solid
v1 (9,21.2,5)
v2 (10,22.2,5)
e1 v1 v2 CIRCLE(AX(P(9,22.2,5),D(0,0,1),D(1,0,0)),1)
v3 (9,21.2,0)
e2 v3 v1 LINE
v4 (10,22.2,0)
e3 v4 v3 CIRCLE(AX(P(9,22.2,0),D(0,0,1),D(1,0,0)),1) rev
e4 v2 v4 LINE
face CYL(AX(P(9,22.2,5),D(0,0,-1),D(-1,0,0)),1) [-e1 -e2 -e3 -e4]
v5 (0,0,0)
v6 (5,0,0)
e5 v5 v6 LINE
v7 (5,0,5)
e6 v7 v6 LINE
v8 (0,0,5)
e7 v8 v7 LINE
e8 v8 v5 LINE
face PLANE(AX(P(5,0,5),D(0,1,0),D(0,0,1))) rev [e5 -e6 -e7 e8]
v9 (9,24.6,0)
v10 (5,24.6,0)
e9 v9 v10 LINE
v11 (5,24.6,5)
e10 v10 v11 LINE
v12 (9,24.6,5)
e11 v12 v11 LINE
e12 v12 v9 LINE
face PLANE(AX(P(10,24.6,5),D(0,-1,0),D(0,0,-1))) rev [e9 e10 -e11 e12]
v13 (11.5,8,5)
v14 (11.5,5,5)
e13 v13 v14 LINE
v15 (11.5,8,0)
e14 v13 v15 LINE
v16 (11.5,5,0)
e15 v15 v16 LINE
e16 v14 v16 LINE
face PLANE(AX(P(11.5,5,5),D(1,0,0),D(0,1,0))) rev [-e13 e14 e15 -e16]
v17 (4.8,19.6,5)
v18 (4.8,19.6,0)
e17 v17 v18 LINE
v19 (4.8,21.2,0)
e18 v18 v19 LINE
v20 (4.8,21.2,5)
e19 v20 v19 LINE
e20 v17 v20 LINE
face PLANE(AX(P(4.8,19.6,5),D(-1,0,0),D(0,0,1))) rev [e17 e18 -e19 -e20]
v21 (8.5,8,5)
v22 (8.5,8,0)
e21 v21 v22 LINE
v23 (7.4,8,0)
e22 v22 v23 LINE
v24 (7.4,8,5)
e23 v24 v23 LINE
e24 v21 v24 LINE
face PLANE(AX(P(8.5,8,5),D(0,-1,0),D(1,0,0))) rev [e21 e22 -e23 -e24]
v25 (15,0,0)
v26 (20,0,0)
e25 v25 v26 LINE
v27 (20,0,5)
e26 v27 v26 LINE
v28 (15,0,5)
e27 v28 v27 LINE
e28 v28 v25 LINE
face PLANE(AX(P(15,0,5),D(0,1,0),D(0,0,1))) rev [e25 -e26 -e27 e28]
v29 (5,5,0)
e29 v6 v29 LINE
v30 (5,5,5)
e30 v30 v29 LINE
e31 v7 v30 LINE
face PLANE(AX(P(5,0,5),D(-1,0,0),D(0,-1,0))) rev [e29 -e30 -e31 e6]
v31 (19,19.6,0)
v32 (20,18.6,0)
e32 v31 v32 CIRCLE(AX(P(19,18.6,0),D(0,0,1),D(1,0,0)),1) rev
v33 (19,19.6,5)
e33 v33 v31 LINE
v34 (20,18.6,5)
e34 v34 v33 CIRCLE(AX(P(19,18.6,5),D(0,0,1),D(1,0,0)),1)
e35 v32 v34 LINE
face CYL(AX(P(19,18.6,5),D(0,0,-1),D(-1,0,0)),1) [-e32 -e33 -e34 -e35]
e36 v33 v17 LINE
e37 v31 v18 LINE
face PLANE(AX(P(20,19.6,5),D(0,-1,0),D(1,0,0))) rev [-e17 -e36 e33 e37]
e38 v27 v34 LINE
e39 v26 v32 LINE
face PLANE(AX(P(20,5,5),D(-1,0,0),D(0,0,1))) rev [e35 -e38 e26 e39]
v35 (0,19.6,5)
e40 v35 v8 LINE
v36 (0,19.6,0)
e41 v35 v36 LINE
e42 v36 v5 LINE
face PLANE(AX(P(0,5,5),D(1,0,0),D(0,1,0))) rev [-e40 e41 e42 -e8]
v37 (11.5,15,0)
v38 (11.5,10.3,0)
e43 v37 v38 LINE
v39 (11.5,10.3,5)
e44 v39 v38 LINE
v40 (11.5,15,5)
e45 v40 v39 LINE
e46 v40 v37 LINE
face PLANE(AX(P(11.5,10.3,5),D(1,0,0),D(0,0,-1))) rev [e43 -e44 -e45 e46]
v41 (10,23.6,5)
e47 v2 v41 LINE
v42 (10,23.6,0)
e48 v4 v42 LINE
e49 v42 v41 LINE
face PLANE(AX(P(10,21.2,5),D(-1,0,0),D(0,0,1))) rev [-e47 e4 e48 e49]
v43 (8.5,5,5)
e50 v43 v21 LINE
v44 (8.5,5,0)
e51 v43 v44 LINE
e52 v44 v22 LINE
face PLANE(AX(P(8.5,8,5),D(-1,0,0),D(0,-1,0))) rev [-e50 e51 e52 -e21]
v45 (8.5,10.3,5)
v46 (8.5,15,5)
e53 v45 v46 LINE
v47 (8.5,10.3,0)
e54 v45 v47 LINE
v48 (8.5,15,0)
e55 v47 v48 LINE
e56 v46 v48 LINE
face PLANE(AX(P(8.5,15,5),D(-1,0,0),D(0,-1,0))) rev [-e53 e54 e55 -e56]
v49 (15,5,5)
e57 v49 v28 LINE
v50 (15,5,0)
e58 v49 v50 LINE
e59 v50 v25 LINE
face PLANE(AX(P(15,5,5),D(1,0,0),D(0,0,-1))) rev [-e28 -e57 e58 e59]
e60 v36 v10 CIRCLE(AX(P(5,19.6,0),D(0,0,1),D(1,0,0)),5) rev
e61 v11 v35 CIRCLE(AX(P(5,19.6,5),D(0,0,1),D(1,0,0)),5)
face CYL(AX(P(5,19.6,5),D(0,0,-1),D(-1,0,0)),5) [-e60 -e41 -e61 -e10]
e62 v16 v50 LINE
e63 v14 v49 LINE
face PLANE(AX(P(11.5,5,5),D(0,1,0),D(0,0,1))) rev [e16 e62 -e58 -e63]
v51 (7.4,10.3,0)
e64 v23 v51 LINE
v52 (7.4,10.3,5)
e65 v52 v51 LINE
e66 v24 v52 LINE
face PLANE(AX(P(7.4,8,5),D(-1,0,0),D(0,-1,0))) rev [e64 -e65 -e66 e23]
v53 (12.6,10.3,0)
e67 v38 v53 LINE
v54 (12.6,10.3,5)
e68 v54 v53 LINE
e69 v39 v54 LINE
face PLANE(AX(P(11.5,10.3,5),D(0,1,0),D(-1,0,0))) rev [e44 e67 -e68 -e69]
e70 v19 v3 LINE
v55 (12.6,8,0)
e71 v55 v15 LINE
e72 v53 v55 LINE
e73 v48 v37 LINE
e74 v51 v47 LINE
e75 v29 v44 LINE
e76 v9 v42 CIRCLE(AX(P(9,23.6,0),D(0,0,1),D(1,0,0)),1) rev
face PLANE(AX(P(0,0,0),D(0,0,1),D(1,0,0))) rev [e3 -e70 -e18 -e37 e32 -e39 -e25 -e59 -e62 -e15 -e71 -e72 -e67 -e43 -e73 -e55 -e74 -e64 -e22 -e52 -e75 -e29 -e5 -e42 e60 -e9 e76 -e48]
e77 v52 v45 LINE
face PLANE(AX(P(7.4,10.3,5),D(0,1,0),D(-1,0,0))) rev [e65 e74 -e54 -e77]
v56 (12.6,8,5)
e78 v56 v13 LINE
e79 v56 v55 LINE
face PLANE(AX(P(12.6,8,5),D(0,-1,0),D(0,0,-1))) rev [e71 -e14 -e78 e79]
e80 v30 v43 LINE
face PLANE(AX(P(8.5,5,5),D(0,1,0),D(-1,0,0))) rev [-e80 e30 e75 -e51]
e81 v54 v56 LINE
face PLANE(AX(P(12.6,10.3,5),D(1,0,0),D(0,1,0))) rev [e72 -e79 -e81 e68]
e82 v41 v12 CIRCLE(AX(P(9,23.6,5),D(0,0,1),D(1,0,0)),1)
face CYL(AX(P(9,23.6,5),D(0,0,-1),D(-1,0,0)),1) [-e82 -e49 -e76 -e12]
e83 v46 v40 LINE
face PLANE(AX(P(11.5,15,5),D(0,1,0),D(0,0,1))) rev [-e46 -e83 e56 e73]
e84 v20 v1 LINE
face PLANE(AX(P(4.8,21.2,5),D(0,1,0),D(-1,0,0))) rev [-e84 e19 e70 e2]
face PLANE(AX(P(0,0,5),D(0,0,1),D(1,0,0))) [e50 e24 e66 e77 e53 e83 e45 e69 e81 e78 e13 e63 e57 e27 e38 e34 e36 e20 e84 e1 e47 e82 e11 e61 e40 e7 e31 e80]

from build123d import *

# Parameters (mm, degrees)
BOSS_EXTRUDE1_DEPTH = 5
FILLET1_R           = 5
FILLET3_R           = 1
FILLET4_R           = 1


with BuildPart() as part:
    # Sketch1 → Boss-Extrude1 (new body)
    with BuildSketch(Plane.XY):
        Polygon((0, 5), (0, 19.982808697), (0, 24.6), (10, 24.6), (10, 21.2), (4.8, 21.2), (4.8, 19.6), (20, 19.6), (20, 5), (20, 0), (15, 0), (15, 5), (11.5, 5), (11.5, 8), (12.6, 8), (12.6, 10.3), (11.5, 10.3), (11.5, 15), (8.5, 15), (8.5, 10.3), (7.4, 10.3), (7.4, 8), (8.5, 8), (8.5, 5), (5, 5), (5, 0), (0, 0), align=None)
    extrude(amount=BOSS_EXTRUDE1_DEPTH)

    # Fillet1
    fillet1_edges = [part.edges().sort_by_distance(p)[0] for p in [
        (0, 24.6, 2.5),
    ]]
    fillet(fillet1_edges, radius=FILLET1_R)

    # Fillet3
    fillet3_edges = [part.edges().sort_by_distance(p)[0] for p in [
        (10, 21.2, 2.5),
        (20, 19.6, 2.5),
    ]]
    fillet(fillet3_edges, radius=FILLET3_R)

    # Fillet4
    fillet4_edges = [part.edges().sort_by_distance(p)[0] for p in [
        (10, 24.6, 2.5),
    ]]
    fillet(fillet4_edges, radius=FILLET4_R)


solid = part.part
